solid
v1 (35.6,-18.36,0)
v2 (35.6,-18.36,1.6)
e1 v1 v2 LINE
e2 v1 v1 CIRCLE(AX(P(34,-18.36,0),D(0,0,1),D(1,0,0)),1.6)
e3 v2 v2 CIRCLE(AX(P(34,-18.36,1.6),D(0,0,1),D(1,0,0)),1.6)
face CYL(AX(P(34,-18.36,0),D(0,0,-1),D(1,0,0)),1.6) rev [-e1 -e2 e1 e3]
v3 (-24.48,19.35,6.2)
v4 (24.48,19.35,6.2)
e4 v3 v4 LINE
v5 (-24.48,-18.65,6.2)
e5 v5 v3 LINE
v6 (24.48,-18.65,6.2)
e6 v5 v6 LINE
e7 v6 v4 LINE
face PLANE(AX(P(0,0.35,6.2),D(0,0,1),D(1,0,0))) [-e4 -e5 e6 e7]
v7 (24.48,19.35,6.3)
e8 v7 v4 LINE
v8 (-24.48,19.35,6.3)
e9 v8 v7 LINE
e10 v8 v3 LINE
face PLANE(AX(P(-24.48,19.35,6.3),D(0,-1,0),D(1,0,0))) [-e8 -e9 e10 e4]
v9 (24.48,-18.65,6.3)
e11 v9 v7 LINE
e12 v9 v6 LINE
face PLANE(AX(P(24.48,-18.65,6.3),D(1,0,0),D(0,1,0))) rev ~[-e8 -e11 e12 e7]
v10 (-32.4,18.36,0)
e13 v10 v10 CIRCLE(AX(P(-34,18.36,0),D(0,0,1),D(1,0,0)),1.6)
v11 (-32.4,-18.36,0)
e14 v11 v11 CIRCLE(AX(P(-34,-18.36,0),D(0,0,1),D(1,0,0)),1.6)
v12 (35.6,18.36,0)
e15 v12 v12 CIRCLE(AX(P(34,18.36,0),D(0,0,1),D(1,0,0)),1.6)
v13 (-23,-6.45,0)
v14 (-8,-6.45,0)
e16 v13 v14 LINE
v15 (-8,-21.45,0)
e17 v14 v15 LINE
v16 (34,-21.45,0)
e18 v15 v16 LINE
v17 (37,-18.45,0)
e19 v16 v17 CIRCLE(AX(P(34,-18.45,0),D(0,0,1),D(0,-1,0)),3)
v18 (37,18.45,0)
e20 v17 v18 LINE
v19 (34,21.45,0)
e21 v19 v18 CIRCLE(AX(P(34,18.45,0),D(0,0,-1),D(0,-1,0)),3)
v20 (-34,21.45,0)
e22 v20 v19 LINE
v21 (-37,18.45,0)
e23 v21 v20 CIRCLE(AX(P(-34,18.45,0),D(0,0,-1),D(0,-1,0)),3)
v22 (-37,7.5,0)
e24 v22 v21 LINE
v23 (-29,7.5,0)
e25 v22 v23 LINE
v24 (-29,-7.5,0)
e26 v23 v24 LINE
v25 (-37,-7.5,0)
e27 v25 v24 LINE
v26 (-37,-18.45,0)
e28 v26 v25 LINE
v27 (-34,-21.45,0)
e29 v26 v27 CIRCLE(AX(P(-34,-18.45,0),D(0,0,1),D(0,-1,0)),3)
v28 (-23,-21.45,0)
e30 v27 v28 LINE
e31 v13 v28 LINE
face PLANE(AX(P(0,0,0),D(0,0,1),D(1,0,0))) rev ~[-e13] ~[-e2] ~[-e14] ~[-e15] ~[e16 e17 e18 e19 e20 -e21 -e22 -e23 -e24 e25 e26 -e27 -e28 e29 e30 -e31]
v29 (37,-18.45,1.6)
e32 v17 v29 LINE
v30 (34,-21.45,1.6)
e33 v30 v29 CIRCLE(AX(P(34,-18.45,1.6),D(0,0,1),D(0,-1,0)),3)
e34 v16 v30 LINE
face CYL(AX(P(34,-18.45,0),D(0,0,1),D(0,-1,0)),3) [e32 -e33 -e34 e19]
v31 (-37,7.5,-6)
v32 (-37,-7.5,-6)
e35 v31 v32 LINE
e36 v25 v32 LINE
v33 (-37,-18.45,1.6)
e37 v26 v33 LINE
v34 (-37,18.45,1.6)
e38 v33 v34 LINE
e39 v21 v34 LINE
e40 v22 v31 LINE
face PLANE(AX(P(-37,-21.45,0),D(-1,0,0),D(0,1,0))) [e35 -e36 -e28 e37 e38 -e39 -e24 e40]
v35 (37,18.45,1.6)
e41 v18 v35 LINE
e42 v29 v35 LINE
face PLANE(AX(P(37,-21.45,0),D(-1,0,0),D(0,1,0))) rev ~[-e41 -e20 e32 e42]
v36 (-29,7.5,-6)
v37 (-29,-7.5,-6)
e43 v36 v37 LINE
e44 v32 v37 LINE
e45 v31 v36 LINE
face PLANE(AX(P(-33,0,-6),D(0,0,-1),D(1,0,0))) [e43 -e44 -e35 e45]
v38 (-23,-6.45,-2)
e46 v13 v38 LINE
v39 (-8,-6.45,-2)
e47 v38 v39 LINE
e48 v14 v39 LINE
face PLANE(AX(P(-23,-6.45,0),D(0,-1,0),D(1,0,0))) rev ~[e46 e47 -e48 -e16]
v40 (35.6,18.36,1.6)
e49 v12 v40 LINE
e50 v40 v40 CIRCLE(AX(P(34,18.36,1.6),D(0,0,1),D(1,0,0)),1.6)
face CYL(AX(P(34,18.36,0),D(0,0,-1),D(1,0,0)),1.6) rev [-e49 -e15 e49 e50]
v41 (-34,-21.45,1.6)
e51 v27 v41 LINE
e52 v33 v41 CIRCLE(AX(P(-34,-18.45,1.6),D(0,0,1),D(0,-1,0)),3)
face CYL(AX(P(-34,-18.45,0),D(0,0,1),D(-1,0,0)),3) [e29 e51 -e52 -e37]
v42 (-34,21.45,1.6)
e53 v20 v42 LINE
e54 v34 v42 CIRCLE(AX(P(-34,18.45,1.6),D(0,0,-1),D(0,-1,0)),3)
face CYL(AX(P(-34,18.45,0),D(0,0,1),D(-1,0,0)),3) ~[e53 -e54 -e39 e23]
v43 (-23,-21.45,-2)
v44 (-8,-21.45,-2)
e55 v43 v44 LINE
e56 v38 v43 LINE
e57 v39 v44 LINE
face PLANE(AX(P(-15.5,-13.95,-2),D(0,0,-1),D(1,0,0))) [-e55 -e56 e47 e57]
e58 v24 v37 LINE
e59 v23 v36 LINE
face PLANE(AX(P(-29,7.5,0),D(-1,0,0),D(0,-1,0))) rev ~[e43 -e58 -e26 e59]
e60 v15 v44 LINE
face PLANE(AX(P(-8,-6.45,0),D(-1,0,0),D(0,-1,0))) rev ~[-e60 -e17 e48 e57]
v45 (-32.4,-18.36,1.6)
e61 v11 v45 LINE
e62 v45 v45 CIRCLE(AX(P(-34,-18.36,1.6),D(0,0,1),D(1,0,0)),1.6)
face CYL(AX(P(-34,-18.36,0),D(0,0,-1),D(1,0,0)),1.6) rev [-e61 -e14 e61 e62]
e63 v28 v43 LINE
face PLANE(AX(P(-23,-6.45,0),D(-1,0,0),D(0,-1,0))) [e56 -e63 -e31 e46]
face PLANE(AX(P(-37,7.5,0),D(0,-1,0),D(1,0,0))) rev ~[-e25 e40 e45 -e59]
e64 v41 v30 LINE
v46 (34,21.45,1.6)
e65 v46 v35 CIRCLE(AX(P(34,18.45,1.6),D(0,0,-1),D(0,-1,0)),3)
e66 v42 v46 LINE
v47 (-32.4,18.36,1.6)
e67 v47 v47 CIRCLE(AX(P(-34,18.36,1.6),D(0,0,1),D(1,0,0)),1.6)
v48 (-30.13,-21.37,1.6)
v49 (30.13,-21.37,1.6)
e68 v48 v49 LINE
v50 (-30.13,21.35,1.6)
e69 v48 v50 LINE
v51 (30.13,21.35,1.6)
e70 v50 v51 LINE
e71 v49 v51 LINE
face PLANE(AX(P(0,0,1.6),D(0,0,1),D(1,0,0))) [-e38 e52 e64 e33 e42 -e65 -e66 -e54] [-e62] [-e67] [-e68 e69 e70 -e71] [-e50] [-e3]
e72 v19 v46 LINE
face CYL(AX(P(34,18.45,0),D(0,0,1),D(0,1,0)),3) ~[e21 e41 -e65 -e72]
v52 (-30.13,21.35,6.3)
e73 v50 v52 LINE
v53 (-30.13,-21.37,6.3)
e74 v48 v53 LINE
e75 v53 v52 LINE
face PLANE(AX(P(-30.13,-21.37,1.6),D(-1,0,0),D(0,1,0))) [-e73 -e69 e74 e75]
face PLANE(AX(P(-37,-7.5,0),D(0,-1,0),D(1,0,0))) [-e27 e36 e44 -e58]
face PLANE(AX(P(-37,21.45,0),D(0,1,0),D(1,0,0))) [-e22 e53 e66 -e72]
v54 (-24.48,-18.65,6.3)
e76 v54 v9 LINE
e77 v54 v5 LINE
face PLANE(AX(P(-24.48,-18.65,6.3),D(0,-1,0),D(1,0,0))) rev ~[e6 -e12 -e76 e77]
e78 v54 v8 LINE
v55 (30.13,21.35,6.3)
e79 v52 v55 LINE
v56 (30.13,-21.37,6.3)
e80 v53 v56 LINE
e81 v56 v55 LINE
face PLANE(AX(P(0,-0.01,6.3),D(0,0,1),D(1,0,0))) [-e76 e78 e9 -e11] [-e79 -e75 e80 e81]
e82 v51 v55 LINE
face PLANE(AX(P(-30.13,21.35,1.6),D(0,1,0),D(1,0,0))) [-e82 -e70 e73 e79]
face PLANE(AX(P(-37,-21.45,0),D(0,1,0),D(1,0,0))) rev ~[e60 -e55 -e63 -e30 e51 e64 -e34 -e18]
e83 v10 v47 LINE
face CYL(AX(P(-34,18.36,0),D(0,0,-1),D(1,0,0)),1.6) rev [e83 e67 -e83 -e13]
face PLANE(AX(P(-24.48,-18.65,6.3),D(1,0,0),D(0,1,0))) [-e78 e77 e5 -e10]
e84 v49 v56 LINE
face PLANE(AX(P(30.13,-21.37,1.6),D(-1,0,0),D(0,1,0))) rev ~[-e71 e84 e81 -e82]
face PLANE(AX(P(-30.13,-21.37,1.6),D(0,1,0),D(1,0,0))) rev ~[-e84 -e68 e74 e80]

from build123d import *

# Parameters (mm, degrees)
F0_W     = 74
F0_H     = 42.9
F0_R     = 1.6
F1_DEPTH = 1.6
F2_W     = 60.26
F2_H     = 42.72
F3_DEPTH = 4.7
F4_W     = 48.96
F4_H     = 38
F5_DEPTH = 0.1
F6_W     = 15
F6_H     = 15
F7_DEPTH = 2
F6_W_2   = 8
F8_DEPTH = 6
F9_R     = 3


with BuildPart() as f1:
    # F0 (on Top) → F1 (new body)
    with BuildSketch(Plane.XY):
        Rectangle(F0_W, F0_H)
        with Locations((-34, -18.36)):
            Circle(F0_R, mode=Mode.SUBTRACT)
        with Locations((34, -18.36)):
            Circle(F0_R, mode=Mode.SUBTRACT)
        with Locations((-34, 18.36)):
            Circle(F0_R, mode=Mode.SUBTRACT)
        with Locations((34, 18.36)):
            Circle(F0_R, mode=Mode.SUBTRACT)
    extrude(amount=F1_DEPTH)

    # F2 (on face) → F3 (join)
    with BuildSketch(Plane.XY.offset(1.6)):
        with Locations((0, -0.01)):
            Rectangle(F2_W, F2_H)
    extrude(amount=F3_DEPTH)

    # F4 (on face) → F5 (cut)
    with BuildSketch(Plane.XY.offset(6.3)):
        with Locations((0, 0.35)):
            Rectangle(F4_W, F4_H)
    extrude(amount=-F5_DEPTH, mode=Mode.SUBTRACT)

    # F6 (on face) → F7 (join)
    with BuildSketch(Plane(origin=(0, 0, 0), x_dir=(1, 0, 0), z_dir=(0, 0, -1))):
        with Locations((-15.5, 13.95)):
            Rectangle(F6_W, F6_H)
    extrude(amount=F7_DEPTH)

    # F6 (on face) → F8 (join)
    with BuildSketch(Plane(origin=(0, 0, 0), x_dir=(1, 0, 0), z_dir=(0, 0, -1))):
        with Locations((-33, 0)):
            Rectangle(F6_W_2, F6_H)
    extrude(amount=F8_DEPTH)

    # F9
    f9_edges = [f1.edges().sort_by_distance(p)[0] for p in [
        (37, 21.45, 0.8),
        (37, -21.45, 0.8),
        (-37, -21.45, 0.8),
        (-37, 21.45, 0.8),
    ]]
    fillet(f9_edges, radius=F9_R)


solid = f1.part
